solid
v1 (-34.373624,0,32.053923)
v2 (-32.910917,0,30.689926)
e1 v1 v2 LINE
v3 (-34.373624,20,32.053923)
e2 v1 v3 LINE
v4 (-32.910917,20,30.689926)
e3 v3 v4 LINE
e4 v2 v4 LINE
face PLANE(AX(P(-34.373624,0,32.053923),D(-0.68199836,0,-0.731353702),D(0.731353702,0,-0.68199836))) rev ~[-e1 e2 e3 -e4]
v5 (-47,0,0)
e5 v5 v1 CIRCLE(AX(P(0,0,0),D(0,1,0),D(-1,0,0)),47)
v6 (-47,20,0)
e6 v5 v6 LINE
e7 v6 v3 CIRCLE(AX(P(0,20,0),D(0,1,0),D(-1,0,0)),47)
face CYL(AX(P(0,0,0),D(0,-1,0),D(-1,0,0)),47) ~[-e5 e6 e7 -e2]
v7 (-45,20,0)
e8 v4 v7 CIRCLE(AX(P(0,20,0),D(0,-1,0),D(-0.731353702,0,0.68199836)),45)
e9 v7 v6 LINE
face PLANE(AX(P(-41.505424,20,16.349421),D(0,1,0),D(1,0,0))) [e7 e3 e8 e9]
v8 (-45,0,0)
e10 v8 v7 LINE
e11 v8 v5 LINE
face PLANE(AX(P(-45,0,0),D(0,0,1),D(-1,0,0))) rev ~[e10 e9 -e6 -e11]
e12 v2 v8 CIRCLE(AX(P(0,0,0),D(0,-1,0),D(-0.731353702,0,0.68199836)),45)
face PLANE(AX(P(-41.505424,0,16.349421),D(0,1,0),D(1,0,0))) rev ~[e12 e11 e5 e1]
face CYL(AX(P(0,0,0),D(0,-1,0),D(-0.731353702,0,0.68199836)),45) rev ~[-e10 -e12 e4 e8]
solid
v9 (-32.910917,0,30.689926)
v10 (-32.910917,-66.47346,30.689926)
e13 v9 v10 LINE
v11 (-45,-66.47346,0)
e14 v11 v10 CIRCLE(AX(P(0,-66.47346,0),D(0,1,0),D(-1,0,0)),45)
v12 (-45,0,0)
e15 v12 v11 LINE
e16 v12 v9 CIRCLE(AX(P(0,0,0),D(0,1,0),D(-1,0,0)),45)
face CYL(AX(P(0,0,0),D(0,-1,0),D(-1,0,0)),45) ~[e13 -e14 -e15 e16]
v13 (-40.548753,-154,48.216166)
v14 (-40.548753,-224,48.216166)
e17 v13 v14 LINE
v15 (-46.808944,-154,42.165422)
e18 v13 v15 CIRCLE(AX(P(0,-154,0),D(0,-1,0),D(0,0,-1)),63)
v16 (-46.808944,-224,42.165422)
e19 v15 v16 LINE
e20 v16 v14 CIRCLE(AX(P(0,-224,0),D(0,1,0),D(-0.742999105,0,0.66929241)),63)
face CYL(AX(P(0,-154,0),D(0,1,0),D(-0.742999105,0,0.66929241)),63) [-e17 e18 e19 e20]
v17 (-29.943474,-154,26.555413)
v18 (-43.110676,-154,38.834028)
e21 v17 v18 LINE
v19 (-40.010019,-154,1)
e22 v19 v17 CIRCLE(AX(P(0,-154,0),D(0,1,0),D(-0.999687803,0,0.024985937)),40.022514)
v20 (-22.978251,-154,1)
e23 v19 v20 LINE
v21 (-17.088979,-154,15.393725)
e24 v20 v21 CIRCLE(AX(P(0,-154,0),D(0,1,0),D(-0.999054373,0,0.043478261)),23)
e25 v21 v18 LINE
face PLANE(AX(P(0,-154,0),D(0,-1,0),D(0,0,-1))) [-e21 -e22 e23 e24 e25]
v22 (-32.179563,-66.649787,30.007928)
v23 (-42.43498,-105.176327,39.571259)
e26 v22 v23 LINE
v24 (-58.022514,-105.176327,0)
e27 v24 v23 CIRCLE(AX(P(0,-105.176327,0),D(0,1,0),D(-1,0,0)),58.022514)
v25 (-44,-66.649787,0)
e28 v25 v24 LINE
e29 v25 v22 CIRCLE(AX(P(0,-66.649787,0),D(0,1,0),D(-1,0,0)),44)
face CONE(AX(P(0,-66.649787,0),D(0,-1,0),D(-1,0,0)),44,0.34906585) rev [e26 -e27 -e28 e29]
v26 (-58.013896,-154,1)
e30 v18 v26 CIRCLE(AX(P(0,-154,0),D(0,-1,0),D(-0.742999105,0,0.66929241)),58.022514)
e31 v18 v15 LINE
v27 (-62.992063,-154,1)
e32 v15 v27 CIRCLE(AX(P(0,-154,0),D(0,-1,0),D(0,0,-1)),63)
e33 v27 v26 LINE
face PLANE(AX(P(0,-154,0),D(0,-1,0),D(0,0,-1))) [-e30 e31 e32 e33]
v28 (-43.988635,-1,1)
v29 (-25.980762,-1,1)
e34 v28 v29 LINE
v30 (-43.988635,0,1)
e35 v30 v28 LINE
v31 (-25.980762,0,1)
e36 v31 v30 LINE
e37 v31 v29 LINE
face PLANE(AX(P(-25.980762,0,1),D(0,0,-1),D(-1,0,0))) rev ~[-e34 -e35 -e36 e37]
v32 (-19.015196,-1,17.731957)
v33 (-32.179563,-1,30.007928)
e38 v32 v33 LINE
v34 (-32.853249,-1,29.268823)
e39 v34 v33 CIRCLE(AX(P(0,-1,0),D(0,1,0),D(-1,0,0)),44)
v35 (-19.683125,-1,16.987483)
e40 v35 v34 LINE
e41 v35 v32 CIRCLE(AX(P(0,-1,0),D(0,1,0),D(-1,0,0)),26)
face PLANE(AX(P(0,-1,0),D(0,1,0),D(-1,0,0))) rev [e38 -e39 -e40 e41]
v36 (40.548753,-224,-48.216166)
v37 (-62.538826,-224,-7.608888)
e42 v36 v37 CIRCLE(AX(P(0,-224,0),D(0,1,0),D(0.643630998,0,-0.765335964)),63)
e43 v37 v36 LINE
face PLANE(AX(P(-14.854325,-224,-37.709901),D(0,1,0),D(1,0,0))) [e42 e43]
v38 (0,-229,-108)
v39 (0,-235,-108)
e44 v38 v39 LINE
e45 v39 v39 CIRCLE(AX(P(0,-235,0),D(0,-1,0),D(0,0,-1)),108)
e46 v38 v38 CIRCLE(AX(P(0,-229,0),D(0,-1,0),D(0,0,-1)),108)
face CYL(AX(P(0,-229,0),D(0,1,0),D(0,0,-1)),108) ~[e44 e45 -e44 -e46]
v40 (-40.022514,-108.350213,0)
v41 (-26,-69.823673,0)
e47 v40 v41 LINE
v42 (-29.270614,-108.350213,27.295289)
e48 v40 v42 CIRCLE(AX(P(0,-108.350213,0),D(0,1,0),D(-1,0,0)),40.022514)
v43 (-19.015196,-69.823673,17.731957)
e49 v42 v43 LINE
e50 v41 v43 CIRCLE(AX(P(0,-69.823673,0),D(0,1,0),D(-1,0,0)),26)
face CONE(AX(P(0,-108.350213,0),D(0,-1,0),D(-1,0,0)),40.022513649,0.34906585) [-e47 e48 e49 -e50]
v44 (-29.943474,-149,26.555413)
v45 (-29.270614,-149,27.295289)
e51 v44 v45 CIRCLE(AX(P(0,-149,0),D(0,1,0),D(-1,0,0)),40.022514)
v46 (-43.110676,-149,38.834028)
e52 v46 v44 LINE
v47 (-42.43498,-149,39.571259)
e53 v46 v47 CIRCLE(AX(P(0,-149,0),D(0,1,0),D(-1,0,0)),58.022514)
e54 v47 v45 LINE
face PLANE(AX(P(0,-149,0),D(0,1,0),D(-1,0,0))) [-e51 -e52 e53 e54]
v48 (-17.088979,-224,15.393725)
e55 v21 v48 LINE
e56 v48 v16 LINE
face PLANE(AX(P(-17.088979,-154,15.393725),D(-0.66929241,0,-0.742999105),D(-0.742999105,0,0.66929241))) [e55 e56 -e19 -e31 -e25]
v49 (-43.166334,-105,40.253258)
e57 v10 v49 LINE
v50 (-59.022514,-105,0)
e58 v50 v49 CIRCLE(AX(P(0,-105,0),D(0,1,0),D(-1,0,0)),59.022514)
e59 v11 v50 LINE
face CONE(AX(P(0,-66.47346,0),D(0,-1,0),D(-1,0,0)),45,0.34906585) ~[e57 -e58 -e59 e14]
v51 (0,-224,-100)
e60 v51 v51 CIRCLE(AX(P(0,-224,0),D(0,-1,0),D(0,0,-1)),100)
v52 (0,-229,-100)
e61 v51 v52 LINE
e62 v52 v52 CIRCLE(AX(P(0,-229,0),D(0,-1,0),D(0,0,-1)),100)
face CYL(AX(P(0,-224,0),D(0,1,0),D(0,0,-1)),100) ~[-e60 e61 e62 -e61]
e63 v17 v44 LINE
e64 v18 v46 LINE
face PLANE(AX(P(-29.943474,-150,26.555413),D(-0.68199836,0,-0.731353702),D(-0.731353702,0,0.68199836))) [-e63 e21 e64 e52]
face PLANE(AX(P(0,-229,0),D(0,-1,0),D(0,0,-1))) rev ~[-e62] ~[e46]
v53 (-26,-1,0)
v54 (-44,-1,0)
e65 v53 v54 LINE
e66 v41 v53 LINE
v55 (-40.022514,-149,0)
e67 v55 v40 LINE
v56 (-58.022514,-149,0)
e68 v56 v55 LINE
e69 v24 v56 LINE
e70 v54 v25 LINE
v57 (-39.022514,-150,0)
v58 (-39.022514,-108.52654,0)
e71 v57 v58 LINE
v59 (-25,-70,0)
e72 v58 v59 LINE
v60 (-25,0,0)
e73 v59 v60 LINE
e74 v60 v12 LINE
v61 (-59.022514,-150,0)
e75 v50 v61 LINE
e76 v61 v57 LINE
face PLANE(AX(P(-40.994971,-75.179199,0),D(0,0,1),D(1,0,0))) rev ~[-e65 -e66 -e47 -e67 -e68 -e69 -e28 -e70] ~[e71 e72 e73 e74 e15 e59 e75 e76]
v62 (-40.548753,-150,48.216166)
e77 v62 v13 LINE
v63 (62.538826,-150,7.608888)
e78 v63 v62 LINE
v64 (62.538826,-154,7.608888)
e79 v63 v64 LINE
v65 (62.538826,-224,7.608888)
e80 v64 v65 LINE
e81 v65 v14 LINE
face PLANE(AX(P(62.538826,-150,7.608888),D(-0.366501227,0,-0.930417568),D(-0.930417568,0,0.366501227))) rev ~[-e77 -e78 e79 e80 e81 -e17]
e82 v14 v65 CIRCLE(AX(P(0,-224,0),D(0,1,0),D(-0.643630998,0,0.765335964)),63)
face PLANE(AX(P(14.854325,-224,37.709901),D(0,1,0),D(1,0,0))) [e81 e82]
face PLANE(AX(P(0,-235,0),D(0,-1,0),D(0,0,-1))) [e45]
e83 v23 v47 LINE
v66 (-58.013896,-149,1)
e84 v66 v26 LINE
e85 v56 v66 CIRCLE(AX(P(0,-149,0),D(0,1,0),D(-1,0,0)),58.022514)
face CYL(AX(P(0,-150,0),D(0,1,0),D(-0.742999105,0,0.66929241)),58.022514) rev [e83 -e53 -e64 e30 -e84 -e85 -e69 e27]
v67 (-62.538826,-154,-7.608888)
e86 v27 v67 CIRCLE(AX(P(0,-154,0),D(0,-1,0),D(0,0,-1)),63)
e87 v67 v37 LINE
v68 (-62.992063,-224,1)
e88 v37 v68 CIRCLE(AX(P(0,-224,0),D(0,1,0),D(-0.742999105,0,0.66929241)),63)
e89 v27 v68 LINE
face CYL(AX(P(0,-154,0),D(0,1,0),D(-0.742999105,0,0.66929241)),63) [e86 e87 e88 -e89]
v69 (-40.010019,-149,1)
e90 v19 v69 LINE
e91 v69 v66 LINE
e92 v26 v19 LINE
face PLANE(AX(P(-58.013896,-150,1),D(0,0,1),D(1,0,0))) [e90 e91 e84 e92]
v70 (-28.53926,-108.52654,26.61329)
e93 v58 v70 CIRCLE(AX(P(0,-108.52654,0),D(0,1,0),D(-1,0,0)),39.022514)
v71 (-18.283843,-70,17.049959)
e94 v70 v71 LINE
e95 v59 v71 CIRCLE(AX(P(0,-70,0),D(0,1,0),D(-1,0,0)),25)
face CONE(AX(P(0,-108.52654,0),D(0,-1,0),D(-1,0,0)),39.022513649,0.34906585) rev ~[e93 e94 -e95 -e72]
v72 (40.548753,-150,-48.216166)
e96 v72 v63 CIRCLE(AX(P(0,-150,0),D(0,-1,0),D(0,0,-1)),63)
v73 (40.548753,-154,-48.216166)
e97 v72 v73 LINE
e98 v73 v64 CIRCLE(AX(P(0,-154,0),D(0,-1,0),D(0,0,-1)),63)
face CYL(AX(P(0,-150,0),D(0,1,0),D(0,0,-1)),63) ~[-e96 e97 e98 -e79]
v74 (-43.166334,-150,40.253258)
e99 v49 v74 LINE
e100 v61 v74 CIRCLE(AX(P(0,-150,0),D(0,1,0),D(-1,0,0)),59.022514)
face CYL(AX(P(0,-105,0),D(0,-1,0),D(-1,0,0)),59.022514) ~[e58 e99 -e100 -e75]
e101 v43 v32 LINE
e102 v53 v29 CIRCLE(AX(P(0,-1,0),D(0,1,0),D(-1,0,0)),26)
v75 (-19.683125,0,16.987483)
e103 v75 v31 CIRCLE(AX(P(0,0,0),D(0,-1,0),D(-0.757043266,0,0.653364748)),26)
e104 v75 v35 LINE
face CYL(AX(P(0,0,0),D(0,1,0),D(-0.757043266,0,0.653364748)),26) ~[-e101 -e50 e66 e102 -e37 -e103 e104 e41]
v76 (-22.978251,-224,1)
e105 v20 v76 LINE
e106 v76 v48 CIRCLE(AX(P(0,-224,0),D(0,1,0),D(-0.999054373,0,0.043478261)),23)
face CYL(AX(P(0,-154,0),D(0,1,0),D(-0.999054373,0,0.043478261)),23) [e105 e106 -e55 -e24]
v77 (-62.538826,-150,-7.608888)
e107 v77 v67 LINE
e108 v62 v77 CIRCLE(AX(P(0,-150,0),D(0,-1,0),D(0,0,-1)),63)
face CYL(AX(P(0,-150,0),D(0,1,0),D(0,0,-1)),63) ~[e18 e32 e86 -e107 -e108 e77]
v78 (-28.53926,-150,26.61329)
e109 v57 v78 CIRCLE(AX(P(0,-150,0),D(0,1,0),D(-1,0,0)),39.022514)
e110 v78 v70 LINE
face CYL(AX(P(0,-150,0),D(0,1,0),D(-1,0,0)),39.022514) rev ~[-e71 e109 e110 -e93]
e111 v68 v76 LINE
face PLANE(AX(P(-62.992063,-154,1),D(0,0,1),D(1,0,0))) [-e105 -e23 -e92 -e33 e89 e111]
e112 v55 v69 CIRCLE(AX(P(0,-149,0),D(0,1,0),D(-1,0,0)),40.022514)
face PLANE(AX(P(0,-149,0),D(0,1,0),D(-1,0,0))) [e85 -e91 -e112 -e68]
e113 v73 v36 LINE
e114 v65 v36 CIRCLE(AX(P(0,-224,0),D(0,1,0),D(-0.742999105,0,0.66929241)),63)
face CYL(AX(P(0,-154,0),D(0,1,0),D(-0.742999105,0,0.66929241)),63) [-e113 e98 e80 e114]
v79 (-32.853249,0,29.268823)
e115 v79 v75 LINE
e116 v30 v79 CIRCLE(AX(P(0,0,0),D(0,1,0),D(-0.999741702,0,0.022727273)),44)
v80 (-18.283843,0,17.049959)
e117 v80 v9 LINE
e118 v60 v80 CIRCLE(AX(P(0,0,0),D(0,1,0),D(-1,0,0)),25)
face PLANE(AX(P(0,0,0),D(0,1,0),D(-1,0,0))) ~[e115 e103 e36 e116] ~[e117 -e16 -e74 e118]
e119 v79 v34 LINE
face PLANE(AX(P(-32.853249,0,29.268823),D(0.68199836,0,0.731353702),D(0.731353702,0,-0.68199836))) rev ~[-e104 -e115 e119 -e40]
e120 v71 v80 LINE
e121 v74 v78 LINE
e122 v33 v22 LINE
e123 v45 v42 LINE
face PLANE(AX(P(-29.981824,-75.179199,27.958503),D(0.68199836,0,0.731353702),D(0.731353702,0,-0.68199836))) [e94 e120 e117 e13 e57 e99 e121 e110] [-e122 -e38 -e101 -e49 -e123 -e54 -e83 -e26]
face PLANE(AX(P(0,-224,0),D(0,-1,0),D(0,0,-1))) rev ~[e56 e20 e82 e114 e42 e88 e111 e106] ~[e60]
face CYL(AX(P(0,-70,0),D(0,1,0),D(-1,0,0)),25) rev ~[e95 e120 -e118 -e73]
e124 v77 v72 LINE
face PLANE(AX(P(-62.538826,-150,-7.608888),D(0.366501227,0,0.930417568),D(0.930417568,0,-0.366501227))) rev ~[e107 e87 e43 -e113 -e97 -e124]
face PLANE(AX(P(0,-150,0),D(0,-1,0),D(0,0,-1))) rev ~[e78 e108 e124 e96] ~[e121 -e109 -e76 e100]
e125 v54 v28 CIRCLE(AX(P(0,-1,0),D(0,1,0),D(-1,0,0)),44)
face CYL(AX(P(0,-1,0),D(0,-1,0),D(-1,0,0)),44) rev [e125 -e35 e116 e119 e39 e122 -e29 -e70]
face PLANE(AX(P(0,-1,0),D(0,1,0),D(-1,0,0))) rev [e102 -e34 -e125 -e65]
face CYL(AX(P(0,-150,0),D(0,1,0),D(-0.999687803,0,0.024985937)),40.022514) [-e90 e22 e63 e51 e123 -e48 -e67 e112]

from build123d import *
from build123d.topology import SkipClean

# Parameters (mm, degrees)
REVOLVE2_ANGLE      = 43
CUT_EXTRUDE3_DEPTH  = 3
CUT_EXTRUDE4_DEPTH  = 7
BOSS_EXTRUDE1_DEPTH = 20
SKETCH6_R           = 63
BOSS_EXTRUDE2_DEPTH = 4
CUT_EXTRUDE5_DEPTH  = 4
BOSS_EXTRUDE3_DEPTH = 70
SKETCH10_R          = 100
BOSS_EXTRUDE4_DEPTH = 5
SKETCH11_R          = 108
BOSS_EXTRUDE6_DEPTH = 6
CUT_EXTRUDE6_DEPTH  = 74


with BuildPart() as part:
    # Sketch1 → Revolve2 (revolve)
    with BuildSketch(Plane.XY):
        Polygon((-25, 0), (-45, 0), (-45, -66.473460386), (-59.022513649, -105), (-59.022513649, -150), (-39.022513649, -150), (-39.022513649, -108.526539614), (-25, -70), align=None)
        Polygon((-44, -1), (-44, -66.649787367), (-58.022513649, -105.176326981), (-58.022513649, -149), (-40.022513649, -149), (-40.022513649, -108.350212633), (-26, -69.823673019), (-26, -1), align=None, mode=Mode.SUBTRACT)
    revolve(axis=Axis((0, 0, 0), (0, 1, 0)), revolution_arc=REVOLVE2_ANGLE)

    # 3DSketch2 → Cut-Extrude3 (cut)
    with BuildSketch(Plane(origin=(-25.980762114, 0, 1), x_dir=(-0.23623107763582377, 0, 0.9716969064265963), z_dir=(0, 1, 0))):
        with BuildLine():
            Line((0, 0), (4.254019193, -17.498194274))
            ThreePointArc((4.254019193, -17.498194274), (18.231392391, -10.961020186), (29.092223071, 0))
            Line((29.092223071, 0), (14.047290588, 9.89613504))
            ThreePointArc((14.047290588, 9.89613504), (7.864802638, 3.754067883), (0, 0))
        make_face()
    extrude(amount=-CUT_EXTRUDE3_DEPTH, mode=Mode.SUBTRACT)

    # 3DSketch3 → Cut-Extrude4 (cut)
    with BuildSketch(Plane(origin=(-58.013895664, -150, 1), x_dir=(0.9998514717105971, 0, -0.017234689383714308), z_dir=(0, -1, 0))):
        with BuildLine():
            Line((0, 0), (18.001202849, 0.310291227))
            ThreePointArc((18.001202849, 0.310291227), (20.537591079, 14.024342363), (27.625813139, 26.035402761))
            Line((27.625813139, 26.035402761), (14.248948694, 38.085260946))
            ThreePointArc((14.248948694, 38.085260946), (3.678864709, 20.33174636), (0, 0))
        make_face()
    extrude(amount=-CUT_EXTRUDE4_DEPTH, mode=Mode.SUBTRACT)

    # Sketch6 → Boss-Extrude2 (add)
    with BuildSketch(Plane.XZ.offset(150)):
        with Locations(Location((0, 0, 0), (0, 0, 270))):
            Circle(SKETCH6_R)
    extrude(amount=BOSS_EXTRUDE2_DEPTH)

    # 3DSketch3<2> → Cut-Extrude5 (cut)
    with BuildSketch(Plane(origin=(-58.013895664, -150, 1), x_dir=(0.9998514717105971, 0, -0.017234689383714308), z_dir=(0, -1, 0))):
        with BuildLine():
            Line((0, 0), (18.001202849, 0.310291227))
            ThreePointArc((18.001202849, 0.310291227), (20.537591079, 14.024342363), (27.625813139, 26.035402761))
            Line((27.625813139, 26.035402761), (14.248948694, 38.085260946))
            ThreePointArc((14.248948694, 38.085260946), (3.678864709, 20.33174636), (0, 0))
        make_face()
    extrude(amount=CUT_EXTRUDE5_DEPTH, mode=Mode.SUBTRACT)

    # Sketch7 → Boss-Extrude3 (add)
    with SkipClean():  # the faces are left unmerged after this step: merging them gives an invalid solid
        with BuildSketch(Plane(origin=(0, -154, 0), x_dir=(-1, 0, 0), z_dir=(0, -1, 0))):
            with BuildLine():
                Line((17.08897941, -15.393725433), (46.808943602, -42.165421839))
                ThreePointArc((46.808943602, -42.165421839), (-58.632015581, 23.049658325), (62.992062992, -1))
                Line((62.992062992, -1), (22.978250586, -1))
                ThreePointArc((22.978250586, -1), (21.287098507, -8.709732323), (17.08897941, -15.393725433))
            make_face()
        extrude(amount=BOSS_EXTRUDE3_DEPTH)

    # Sketch10 → Boss-Extrude4 (add)
    with SkipClean():  # the faces are left unmerged after this step: merging them gives an invalid solid
        with BuildSketch(Plane(origin=(0, -224, 0), x_dir=(-1, 0, 0), z_dir=(0, -1, 0))):
            with Locations(Location((0, 0, 0), (0, 0, 90))):
                Circle(SKETCH10_R)
        extrude(amount=BOSS_EXTRUDE4_DEPTH)

    # Sketch11 → Boss-Extrude6 (add)
    with SkipClean():  # the faces are left unmerged after this step: merging them gives an invalid solid
        with BuildSketch(Plane(origin=(0, -229, 0), x_dir=(-1, 0, 0), z_dir=(0, -1, 0))):
            with Locations(Location((0, 0, 0), (0, 0, 90))):
                Circle(SKETCH11_R)
        extrude(amount=BOSS_EXTRUDE6_DEPTH)

    # Sketch14 → Cut-Extrude6 (cut)
    with SkipClean():  # the faces are left unmerged after this step: merging them gives an invalid solid
        with BuildSketch(Plane(origin=(0, -150, 0), x_dir=(1, 0, 0), z_dir=(0, 1, 0))):
            with BuildLine():
                ThreePointArc((40.548752884, 48.216165749), (-23.089577284, 58.616306783), (-62.538826487, 7.608888329))
                Line((-62.538826487, 7.608888329), (40.548752884, 48.216165749))
            make_face()
            with BuildLine():
                Line((62.538826487, -7.608888329), (-40.548752884, -48.216165749))
                ThreePointArc((-40.548752884, -48.216165749), (23.089577284, -58.616306783), (62.538826487, -7.608888329))
            make_face()
        extrude(amount=-CUT_EXTRUDE6_DEPTH, mode=Mode.SUBTRACT)


with BuildPart() as body_2:
    # Sketch5 → Boss-Extrude1 (new body)
    with BuildSketch(Plane(origin=(0, 0, 0), x_dir=(1, 0, 0), z_dir=(0, 1, 0))):
        with BuildLine():
            Line((-45, 0), (-47, 0))
            ThreePointArc((-47, 0), (-43.729625695, -17.225557656), (-34.373623976, -32.053922923))
            Line((-34.373623976, -32.053922923), (-32.910916573, -30.689926203))
            ThreePointArc((-32.910916573, -30.689926203), (-41.868790559, -16.492555203), (-45, 0))
        make_face()
    extrude(amount=BOSS_EXTRUDE1_DEPTH)


solid = Compound([part.part, body_2.part])
